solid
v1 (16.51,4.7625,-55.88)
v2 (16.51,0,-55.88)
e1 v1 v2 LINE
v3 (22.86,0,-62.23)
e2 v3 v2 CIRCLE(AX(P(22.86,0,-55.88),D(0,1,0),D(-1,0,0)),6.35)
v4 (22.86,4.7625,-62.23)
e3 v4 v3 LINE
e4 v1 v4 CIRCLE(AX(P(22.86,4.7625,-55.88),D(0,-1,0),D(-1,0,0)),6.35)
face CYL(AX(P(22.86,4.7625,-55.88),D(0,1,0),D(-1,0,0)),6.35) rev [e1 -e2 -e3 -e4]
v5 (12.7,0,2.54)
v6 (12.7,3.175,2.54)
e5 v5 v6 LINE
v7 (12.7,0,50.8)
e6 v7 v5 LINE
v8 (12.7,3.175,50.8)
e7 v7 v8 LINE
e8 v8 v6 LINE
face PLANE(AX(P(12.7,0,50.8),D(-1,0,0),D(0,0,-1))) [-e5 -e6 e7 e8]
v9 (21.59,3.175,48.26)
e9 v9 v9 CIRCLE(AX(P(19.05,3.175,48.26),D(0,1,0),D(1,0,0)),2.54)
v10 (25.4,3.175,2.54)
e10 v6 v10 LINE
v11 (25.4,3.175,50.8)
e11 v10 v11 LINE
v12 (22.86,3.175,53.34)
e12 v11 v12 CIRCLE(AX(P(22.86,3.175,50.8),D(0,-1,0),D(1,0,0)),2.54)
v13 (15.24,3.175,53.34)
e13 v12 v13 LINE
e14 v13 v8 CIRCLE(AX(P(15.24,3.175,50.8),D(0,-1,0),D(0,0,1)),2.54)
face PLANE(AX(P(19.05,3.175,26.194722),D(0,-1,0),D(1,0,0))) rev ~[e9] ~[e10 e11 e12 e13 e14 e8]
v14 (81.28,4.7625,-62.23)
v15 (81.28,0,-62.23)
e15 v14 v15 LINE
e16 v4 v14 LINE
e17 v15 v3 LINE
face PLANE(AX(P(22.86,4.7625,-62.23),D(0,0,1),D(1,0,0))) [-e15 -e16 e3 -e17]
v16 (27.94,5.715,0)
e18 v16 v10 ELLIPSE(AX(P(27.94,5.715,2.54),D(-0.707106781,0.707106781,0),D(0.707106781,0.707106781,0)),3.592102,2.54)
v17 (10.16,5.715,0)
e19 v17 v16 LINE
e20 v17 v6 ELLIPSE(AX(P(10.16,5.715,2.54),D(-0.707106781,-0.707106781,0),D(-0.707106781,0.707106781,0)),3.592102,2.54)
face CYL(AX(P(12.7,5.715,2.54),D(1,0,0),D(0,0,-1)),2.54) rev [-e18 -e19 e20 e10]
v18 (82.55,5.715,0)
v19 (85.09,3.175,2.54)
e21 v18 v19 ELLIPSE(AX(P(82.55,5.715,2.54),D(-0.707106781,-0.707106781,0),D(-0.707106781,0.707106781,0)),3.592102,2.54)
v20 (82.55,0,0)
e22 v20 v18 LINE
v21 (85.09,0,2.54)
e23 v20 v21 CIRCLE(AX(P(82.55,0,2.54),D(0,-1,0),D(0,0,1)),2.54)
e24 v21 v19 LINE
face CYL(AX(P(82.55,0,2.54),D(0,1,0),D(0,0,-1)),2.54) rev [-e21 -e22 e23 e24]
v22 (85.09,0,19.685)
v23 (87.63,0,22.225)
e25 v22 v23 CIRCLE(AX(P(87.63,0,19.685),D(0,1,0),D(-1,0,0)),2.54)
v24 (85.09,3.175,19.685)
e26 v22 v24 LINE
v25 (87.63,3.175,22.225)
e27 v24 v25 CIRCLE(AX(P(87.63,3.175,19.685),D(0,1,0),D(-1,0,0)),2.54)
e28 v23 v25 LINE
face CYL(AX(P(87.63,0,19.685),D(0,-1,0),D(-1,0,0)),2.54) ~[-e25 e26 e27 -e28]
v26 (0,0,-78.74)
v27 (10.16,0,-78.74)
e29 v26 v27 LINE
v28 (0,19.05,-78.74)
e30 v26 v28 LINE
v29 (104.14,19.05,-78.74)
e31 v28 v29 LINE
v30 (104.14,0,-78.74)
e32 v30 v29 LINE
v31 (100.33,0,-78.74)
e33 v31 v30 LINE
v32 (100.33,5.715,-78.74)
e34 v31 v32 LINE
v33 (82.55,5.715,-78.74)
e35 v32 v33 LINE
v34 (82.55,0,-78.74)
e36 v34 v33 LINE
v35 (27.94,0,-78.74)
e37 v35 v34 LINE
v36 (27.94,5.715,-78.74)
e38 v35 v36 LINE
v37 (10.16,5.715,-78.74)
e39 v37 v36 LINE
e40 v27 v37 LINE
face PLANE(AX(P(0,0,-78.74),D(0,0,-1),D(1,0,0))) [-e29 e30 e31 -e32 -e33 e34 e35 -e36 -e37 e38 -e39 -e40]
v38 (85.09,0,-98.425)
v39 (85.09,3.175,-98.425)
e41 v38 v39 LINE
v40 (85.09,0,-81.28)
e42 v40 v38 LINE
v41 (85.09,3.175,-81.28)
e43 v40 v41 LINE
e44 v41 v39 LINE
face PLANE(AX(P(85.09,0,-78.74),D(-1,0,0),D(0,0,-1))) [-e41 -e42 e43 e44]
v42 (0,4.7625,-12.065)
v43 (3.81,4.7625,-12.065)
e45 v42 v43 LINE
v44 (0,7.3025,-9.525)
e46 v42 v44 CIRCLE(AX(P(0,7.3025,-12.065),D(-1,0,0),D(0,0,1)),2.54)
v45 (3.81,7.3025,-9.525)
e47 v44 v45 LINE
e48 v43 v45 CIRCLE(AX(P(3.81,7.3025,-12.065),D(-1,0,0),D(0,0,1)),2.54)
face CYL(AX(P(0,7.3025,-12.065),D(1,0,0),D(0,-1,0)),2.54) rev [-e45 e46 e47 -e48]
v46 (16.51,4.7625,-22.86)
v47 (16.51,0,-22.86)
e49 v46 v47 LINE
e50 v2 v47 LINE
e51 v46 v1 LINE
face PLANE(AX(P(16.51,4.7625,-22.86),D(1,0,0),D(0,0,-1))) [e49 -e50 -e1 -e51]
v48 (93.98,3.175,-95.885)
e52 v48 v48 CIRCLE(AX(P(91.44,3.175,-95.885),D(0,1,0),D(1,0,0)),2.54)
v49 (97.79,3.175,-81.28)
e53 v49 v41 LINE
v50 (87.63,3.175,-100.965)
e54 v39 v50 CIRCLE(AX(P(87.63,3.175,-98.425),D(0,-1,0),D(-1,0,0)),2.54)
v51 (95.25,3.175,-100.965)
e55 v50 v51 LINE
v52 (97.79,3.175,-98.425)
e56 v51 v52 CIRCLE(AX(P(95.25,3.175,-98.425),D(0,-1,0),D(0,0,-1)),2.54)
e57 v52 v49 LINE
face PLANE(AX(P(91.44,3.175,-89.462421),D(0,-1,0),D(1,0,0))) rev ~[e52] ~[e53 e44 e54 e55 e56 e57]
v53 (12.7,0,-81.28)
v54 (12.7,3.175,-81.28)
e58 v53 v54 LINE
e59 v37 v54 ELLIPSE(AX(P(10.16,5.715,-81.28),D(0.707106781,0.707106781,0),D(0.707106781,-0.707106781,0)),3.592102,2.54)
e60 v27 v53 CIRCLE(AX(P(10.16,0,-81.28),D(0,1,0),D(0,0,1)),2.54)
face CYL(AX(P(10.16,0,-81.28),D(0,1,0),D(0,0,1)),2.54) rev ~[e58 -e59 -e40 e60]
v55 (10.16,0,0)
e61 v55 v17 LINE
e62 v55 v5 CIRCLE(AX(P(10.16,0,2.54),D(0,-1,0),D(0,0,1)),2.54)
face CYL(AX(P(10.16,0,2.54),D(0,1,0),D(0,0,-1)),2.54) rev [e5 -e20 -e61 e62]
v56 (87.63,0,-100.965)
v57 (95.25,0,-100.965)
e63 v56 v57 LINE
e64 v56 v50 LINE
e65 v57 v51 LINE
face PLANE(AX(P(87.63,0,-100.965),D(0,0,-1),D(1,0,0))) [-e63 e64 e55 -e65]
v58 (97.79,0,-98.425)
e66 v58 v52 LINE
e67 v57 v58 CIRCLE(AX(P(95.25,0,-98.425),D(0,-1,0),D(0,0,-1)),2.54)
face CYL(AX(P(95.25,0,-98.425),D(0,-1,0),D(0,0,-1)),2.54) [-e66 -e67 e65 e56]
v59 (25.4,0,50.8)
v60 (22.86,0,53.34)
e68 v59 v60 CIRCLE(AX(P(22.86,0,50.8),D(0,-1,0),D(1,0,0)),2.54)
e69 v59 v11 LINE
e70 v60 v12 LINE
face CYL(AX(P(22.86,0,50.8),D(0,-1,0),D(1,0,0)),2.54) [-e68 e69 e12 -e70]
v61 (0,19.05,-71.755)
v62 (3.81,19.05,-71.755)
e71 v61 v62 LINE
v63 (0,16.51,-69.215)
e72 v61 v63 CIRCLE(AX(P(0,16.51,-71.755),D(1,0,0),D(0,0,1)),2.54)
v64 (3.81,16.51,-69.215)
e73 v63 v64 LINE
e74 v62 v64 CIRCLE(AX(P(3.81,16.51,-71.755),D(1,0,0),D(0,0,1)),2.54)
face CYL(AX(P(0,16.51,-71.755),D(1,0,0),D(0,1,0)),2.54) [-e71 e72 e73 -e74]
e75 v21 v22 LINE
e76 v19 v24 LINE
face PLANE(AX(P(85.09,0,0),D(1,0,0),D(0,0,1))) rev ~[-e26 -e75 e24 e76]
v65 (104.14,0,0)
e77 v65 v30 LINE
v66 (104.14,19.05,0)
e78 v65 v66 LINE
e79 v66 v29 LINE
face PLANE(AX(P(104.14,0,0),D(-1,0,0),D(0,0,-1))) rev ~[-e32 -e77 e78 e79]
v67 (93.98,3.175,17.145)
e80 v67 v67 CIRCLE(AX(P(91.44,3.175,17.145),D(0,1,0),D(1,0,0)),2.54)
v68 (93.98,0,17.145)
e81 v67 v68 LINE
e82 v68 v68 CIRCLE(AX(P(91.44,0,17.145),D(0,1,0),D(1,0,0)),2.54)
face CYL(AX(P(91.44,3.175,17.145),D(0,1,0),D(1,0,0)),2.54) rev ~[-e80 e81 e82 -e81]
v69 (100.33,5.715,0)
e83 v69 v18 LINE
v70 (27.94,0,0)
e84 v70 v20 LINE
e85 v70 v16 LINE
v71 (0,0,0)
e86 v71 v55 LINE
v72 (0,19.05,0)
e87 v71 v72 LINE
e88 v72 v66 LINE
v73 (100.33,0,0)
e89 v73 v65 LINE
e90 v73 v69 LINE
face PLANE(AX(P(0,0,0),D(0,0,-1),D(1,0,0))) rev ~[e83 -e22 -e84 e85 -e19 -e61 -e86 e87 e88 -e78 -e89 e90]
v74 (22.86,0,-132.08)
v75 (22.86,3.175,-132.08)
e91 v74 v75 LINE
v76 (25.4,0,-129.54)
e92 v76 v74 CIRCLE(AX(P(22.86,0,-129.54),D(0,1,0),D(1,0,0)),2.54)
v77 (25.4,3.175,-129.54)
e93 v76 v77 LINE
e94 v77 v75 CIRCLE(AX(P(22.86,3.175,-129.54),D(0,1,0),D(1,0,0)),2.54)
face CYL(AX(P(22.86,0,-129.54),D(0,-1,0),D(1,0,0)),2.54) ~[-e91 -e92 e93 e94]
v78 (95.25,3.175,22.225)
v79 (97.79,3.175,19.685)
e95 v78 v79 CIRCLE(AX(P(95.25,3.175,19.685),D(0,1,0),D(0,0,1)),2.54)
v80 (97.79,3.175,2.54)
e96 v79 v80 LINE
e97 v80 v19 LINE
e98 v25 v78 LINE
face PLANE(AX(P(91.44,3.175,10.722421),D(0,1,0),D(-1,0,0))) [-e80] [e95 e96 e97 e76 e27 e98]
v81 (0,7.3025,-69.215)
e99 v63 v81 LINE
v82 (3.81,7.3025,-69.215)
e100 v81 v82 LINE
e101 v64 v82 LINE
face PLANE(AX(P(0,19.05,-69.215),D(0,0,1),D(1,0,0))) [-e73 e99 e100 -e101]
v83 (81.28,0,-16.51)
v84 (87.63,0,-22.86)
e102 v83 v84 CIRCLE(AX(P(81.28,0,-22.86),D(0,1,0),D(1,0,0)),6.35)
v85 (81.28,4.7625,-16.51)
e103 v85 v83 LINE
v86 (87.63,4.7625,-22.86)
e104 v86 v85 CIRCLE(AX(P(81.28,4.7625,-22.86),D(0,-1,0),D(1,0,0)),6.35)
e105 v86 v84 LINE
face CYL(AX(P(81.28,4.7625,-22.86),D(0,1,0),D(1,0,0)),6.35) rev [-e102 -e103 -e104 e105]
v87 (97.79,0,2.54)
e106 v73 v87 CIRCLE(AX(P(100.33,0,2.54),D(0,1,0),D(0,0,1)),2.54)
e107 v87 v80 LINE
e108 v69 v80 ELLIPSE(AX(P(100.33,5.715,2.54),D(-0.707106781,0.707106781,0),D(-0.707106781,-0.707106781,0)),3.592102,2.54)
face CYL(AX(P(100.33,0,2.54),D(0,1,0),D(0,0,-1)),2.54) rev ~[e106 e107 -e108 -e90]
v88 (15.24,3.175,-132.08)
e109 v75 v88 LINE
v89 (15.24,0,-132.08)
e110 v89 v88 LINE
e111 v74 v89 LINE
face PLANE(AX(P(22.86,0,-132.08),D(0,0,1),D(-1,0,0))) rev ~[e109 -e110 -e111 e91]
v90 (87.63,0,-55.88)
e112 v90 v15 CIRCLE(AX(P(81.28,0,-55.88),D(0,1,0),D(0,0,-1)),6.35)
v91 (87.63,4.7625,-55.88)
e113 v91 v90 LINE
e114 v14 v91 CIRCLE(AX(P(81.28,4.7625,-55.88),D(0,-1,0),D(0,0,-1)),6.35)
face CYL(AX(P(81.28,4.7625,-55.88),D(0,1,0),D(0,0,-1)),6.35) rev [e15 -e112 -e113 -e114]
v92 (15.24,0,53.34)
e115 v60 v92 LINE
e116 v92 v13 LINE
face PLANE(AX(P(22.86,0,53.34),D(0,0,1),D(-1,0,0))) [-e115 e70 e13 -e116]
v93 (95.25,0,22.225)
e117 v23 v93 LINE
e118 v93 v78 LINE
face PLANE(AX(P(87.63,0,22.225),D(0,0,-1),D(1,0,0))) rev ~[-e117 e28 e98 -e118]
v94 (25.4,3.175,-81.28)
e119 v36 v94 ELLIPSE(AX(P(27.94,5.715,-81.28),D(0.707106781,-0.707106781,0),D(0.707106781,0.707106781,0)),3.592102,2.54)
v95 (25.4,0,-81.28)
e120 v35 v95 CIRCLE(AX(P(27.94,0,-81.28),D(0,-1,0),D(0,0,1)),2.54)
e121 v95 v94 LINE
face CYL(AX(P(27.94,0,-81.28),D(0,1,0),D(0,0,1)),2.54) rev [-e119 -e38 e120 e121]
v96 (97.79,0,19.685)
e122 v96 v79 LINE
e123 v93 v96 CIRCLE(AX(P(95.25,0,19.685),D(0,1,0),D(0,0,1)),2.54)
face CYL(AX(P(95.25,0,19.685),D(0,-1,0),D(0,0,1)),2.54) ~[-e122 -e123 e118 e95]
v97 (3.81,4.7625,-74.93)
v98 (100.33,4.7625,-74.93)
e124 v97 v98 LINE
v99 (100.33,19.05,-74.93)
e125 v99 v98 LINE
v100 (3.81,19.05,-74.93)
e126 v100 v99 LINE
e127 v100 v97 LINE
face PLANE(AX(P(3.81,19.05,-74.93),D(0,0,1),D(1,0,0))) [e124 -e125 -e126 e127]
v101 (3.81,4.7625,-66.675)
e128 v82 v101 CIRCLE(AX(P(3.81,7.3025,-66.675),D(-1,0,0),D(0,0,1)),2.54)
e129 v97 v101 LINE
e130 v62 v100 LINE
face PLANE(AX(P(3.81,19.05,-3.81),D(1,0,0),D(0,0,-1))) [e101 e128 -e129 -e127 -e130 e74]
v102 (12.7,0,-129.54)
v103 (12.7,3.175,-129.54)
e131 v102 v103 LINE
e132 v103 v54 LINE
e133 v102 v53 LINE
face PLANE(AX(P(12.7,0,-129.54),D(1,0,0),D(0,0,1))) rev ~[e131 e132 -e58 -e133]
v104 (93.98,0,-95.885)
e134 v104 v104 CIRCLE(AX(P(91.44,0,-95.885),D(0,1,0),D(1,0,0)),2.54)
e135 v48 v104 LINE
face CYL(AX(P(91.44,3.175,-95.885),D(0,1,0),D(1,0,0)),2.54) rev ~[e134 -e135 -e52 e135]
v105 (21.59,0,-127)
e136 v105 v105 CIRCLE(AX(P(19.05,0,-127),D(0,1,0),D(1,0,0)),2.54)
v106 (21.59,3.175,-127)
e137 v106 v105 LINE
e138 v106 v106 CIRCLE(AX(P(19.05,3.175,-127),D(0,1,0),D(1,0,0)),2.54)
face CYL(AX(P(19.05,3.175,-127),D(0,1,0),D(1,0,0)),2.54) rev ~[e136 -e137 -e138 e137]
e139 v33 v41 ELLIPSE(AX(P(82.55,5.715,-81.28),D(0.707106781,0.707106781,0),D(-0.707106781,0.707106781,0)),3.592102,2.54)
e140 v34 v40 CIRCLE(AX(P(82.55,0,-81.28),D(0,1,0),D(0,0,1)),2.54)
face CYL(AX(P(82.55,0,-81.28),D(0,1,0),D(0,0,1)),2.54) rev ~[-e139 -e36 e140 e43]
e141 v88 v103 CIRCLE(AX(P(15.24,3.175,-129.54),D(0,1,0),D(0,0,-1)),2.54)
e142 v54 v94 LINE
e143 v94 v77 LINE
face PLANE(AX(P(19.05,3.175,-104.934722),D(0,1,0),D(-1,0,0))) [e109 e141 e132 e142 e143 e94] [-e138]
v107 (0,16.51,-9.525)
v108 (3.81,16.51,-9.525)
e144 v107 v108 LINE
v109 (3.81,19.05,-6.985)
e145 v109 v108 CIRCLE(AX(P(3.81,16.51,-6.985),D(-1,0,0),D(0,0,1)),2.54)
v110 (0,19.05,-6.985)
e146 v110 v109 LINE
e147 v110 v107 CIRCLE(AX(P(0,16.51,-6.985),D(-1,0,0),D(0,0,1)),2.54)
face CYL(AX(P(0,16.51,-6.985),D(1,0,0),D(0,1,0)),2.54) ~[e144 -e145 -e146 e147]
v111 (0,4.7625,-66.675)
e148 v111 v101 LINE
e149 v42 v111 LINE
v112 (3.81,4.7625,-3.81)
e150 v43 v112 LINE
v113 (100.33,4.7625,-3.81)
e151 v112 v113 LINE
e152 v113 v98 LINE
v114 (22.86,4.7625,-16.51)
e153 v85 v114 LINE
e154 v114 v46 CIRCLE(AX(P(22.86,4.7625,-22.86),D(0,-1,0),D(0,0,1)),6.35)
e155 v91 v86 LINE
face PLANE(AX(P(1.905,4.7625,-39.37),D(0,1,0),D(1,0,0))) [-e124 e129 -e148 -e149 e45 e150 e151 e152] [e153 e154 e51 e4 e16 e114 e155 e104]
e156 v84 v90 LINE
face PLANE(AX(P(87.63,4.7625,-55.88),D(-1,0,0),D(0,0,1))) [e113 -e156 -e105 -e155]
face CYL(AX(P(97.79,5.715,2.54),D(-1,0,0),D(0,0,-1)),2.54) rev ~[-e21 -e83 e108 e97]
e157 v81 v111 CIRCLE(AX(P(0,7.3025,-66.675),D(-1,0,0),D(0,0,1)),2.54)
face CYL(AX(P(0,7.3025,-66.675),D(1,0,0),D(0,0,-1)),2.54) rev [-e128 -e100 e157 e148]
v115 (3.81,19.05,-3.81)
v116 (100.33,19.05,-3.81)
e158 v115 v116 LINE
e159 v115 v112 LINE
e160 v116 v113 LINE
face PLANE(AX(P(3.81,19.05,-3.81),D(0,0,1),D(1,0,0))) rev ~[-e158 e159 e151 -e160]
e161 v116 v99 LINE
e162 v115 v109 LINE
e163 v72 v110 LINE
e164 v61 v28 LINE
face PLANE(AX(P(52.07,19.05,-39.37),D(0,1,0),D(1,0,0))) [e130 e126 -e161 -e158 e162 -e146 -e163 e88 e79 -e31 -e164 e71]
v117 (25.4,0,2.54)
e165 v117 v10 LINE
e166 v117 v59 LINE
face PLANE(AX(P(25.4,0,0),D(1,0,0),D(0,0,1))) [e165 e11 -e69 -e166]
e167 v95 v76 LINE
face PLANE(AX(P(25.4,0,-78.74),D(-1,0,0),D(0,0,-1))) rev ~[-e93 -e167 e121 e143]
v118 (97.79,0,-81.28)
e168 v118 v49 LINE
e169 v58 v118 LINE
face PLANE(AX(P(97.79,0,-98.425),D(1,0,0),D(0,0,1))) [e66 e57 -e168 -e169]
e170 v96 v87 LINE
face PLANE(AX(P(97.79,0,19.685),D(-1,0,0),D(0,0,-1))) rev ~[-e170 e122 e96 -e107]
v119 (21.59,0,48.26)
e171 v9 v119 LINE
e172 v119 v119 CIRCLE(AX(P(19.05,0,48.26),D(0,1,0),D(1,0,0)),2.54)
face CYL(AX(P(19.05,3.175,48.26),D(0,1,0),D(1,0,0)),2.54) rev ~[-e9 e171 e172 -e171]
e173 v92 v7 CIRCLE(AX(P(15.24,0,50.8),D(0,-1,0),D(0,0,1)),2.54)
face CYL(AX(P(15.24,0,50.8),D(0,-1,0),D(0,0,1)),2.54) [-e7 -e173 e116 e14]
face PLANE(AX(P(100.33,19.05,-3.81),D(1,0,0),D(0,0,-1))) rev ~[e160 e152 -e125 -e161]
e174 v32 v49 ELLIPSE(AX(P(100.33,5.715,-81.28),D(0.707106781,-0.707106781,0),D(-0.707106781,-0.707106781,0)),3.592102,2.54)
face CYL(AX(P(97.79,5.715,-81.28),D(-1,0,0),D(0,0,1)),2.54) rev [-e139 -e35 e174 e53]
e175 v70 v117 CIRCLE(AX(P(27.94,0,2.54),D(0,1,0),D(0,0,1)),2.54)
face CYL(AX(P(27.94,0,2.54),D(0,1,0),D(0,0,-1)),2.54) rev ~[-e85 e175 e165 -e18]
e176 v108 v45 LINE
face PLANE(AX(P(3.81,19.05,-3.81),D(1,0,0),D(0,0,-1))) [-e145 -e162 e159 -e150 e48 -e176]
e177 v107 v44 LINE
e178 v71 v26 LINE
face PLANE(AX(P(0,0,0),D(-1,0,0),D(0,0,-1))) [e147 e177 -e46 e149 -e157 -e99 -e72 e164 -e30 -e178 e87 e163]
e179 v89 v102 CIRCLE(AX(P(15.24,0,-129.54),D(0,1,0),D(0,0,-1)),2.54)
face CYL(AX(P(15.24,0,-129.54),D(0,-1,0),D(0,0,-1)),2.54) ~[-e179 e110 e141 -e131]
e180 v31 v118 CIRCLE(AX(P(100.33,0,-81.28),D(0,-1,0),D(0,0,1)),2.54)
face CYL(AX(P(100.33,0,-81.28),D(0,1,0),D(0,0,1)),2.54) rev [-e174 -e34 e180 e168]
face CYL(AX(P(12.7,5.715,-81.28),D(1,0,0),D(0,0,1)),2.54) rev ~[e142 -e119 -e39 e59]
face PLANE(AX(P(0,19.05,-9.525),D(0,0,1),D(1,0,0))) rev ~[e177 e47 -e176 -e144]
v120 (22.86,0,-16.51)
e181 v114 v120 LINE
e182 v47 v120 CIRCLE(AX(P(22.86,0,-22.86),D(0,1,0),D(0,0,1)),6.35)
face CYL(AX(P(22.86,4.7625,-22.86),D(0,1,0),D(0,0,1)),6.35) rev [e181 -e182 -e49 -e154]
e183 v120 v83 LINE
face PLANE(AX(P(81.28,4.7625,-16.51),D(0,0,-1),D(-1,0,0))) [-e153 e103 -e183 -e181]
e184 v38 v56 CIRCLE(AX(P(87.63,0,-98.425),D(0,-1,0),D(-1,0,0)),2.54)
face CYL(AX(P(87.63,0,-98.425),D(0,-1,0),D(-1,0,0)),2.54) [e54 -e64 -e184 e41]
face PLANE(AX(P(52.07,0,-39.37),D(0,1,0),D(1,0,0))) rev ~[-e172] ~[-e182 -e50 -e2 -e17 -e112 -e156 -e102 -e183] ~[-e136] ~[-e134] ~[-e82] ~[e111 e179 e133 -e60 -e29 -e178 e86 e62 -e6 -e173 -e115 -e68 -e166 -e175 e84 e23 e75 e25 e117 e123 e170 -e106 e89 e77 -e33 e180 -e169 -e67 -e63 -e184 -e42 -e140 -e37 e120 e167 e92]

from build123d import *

# Parameters (mm, degrees)
SKETCH1_W           = 104.14
SKETCH1_H           = 78.74
BOSS_EXTRUDE1_DEPTH = 19.05
SKETCH2_W           = 96.52
SKETCH2_H           = 71.12
CUT_EXTRUDE1_DEPTH  = 14.2875
CUT_EXTRUDE2_REACH  = 6.763
SKETCH4_W           = 3.81
SKETCH4_H           = 59.69
CUT_EXTRUDE3_DEPTH  = 14.2875
FILLET1_R           = 2.54
BOSS_EXTRUDE2_DEPTH = 3.175
CUT_EXTRUDE4_REACH  = 5.175
SKETCH6_R           = 2.54
FILLET2_R           = 2.54


with BuildPart() as part:
    # Sketch1 → Boss-Extrude1 (new body)
    with BuildSketch(Plane(origin=(0, 0, 0), x_dir=(1, 0, 0), z_dir=(0, 1, 0))):
        with Locations((52.07, 39.37)):
            Rectangle(SKETCH1_W, SKETCH1_H)
    extrude(amount=BOSS_EXTRUDE1_DEPTH)

    # Sketch2 → Cut-Extrude1 (cut)
    with BuildSketch(Plane(origin=(0, 19.05, 0), x_dir=(1, 0, 0), z_dir=(0, 1, 0))):
        with Locations((52.07, 39.37)):
            Rectangle(SKETCH2_W, SKETCH2_H)
    extrude(amount=-CUT_EXTRUDE1_DEPTH, mode=Mode.SUBTRACT)

    # Sketch3 → Cut-Extrude2 (cut, up to next)
    with BuildSketch(Plane(origin=(0, 4.7625, 0), x_dir=(1, 0, 0), z_dir=(0, 1, 0)), mode=Mode.PRIVATE) as cut_extrude2_sk1:
        with BuildLine():
            Line((22.86, 62.23), (81.28, 62.23))
            ThreePointArc((81.28, 62.23), (85.770128061, 60.370128061), (87.63, 55.88))
            Line((87.63, 55.88), (87.63, 22.86))
            ThreePointArc((87.63, 22.86), (85.770128061, 18.369871939), (81.28, 16.51))
            Line((81.28, 16.51), (22.86, 16.51))
            ThreePointArc((22.86, 16.51), (18.369871939, 18.369871939), (16.51, 22.86))
            Line((16.51, 22.86), (16.51, 55.88))
            ThreePointArc((16.51, 55.88), (18.369871939, 60.370128061), (22.86, 62.23))
        make_face()
    cut_extrude2_tool1 = extrude(cut_extrude2_sk1.sketch, amount=-CUT_EXTRUDE2_REACH, mode=Mode.PRIVATE) & part.part
    add(cut_extrude2_tool1.solids().sort_by_distance((52.07, 4.7625, -39.37))[0], mode=Mode.SUBTRACT)

    # Sketch4 → Cut-Extrude3 (cut)
    with BuildSketch(Plane(origin=(0, 19.05, 0), x_dir=(1, 0, 0), z_dir=(0, 1, 0))):
        with Locations((1.905, 39.37)):
            Rectangle(SKETCH4_W, SKETCH4_H)
    extrude(amount=-CUT_EXTRUDE3_DEPTH, mode=Mode.SUBTRACT)

    # Fillet1
    fillet1_edges = [part.edges().sort_by_distance(p)[0] for p in [
        (1.905, 19.05, -69.215),
        (1.905, 19.05, -9.525),
        (1.905, 4.7625, -69.215),
        (1.905, 4.7625, -9.525),
    ]]
    fillet(fillet1_edges, radius=FILLET1_R)

    # Sketch5 → Boss-Extrude2 (add)
    with BuildSketch(Plane.XZ):
        with BuildLine():
            Line((97.79, 0), (85.09, 0))
            Line((85.09, 0), (85.09, 19.685))
            ThreePointArc((85.09, 19.685), (85.833948776, 21.481051224), (87.63, 22.225))
            Line((87.63, 22.225), (95.25, 22.225))
            ThreePointArc((95.25, 22.225), (97.046051224, 21.481051224), (97.79, 19.685))
            Line((97.79, 19.685), (97.79, 0))
        make_face()
        with BuildLine():
            Line((85.09, -78.74), (85.09, -98.425))
            ThreePointArc((85.09, -98.425), (85.833948776, -100.221051224), (87.63, -100.965))
            Line((87.63, -100.965), (95.25, -100.965))
            ThreePointArc((95.25, -100.965), (97.046051224, -100.221051224), (97.79, -98.425))
            Line((97.79, -98.425), (97.79, -78.74))
            Line((97.79, -78.74), (85.09, -78.74))
        make_face()
        with BuildLine():
            Line((12.7, 0), (25.4, 0))
            Line((25.4, 0), (25.4, 50.8))
            ThreePointArc((25.4, 50.8), (24.656051224, 52.596051224), (22.86, 53.34))
            Line((22.86, 53.34), (15.24, 53.34))
            ThreePointArc((15.24, 53.34), (13.443948776, 52.596051224), (12.7, 50.8))
            Line((12.7, 50.8), (12.7, 0))
        make_face()
        with BuildLine():
            Line((25.4, -78.74), (25.4, -129.54))
            ThreePointArc((25.4, -129.54), (24.656051224, -131.336051224), (22.86, -132.08))
            Line((22.86, -132.08), (15.24, -132.08))
            ThreePointArc((15.24, -132.08), (13.443948776, -131.336051224), (12.7, -129.54))
            Line((12.7, -129.54), (12.7, -78.74))
            Line((12.7, -78.74), (25.4, -78.74))
        make_face()
    extrude(amount=-BOSS_EXTRUDE2_DEPTH)

    # Sketch6 → Cut-Extrude4 (cut, up to next)
    with BuildSketch(Plane(origin=(0, 3.175, 0), x_dir=(1, 0, 0), z_dir=(0, 1, 0)), mode=Mode.PRIVATE) as cut_extrude4_sk1:
        with Locations((19.05, 127)):
            Circle(SKETCH6_R)
    cut_extrude4_tool1 = extrude(cut_extrude4_sk1.sketch, amount=-CUT_EXTRUDE4_REACH, mode=Mode.PRIVATE) & part.part
    add(cut_extrude4_tool1.solids().sort_by_distance((19.05, 3.175, -127))[0], mode=Mode.SUBTRACT)
    # Sketch6 → Cut-Extrude4 (cut, up to next)
    with BuildSketch(Plane(origin=(0, 3.175, 0), x_dir=(1, 0, 0), z_dir=(0, 1, 0)), mode=Mode.PRIVATE) as cut_extrude4_sk2:
        with Locations((19.05, -48.26)):
            Circle(SKETCH6_R)
    cut_extrude4_tool2 = extrude(cut_extrude4_sk2.sketch, amount=-CUT_EXTRUDE4_REACH, mode=Mode.PRIVATE) & part.part
    add(cut_extrude4_tool2.solids().sort_by_distance((19.05, 3.175, 48.26))[0], mode=Mode.SUBTRACT)
    # Sketch6 → Cut-Extrude4 (cut, up to next)
    with BuildSketch(Plane(origin=(0, 3.175, 0), x_dir=(1, 0, 0), z_dir=(0, 1, 0)), mode=Mode.PRIVATE) as cut_extrude4_sk3:
        with Locations((91.44, -17.145)):
            Circle(SKETCH6_R)
    cut_extrude4_tool3 = extrude(cut_extrude4_sk3.sketch, amount=-CUT_EXTRUDE4_REACH, mode=Mode.PRIVATE) & part.part
    add(cut_extrude4_tool3.solids().sort_by_distance((91.44, 3.175, 17.145))[0], mode=Mode.SUBTRACT)
    # Sketch6 → Cut-Extrude4 (cut, up to next)
    with BuildSketch(Plane(origin=(0, 3.175, 0), x_dir=(1, 0, 0), z_dir=(0, 1, 0)), mode=Mode.PRIVATE) as cut_extrude4_sk4:
        with Locations((91.44, 95.885)):
            Circle(SKETCH6_R)
    cut_extrude4_tool4 = extrude(cut_extrude4_sk4.sketch, amount=-CUT_EXTRUDE4_REACH, mode=Mode.PRIVATE) & part.part
    add(cut_extrude4_tool4.solids().sort_by_distance((91.44, 3.175, -95.885))[0], mode=Mode.SUBTRACT)

    # Fillet2
    fillet2_edges = [part.edges().sort_by_distance(p)[0] for p in [
        (91.44, 3.175, 0),
        (97.79, 1.5875, 0),
        (85.09, 1.5875, 0),
        (91.44, 3.175, -78.74),
        (85.09, 1.5875, -78.74),
        (97.79, 1.5875, -78.74),
        (12.7, 1.5875, 0),
        (19.05, 3.175, 0),
        (25.4, 1.5875, 0),
        (19.05, 3.175, -78.74),
        (12.7, 1.5875, -78.74),
        (25.4, 1.5875, -78.74),
    ]]
    fillet(fillet2_edges, radius=FILLET2_R)


solid = part.part
